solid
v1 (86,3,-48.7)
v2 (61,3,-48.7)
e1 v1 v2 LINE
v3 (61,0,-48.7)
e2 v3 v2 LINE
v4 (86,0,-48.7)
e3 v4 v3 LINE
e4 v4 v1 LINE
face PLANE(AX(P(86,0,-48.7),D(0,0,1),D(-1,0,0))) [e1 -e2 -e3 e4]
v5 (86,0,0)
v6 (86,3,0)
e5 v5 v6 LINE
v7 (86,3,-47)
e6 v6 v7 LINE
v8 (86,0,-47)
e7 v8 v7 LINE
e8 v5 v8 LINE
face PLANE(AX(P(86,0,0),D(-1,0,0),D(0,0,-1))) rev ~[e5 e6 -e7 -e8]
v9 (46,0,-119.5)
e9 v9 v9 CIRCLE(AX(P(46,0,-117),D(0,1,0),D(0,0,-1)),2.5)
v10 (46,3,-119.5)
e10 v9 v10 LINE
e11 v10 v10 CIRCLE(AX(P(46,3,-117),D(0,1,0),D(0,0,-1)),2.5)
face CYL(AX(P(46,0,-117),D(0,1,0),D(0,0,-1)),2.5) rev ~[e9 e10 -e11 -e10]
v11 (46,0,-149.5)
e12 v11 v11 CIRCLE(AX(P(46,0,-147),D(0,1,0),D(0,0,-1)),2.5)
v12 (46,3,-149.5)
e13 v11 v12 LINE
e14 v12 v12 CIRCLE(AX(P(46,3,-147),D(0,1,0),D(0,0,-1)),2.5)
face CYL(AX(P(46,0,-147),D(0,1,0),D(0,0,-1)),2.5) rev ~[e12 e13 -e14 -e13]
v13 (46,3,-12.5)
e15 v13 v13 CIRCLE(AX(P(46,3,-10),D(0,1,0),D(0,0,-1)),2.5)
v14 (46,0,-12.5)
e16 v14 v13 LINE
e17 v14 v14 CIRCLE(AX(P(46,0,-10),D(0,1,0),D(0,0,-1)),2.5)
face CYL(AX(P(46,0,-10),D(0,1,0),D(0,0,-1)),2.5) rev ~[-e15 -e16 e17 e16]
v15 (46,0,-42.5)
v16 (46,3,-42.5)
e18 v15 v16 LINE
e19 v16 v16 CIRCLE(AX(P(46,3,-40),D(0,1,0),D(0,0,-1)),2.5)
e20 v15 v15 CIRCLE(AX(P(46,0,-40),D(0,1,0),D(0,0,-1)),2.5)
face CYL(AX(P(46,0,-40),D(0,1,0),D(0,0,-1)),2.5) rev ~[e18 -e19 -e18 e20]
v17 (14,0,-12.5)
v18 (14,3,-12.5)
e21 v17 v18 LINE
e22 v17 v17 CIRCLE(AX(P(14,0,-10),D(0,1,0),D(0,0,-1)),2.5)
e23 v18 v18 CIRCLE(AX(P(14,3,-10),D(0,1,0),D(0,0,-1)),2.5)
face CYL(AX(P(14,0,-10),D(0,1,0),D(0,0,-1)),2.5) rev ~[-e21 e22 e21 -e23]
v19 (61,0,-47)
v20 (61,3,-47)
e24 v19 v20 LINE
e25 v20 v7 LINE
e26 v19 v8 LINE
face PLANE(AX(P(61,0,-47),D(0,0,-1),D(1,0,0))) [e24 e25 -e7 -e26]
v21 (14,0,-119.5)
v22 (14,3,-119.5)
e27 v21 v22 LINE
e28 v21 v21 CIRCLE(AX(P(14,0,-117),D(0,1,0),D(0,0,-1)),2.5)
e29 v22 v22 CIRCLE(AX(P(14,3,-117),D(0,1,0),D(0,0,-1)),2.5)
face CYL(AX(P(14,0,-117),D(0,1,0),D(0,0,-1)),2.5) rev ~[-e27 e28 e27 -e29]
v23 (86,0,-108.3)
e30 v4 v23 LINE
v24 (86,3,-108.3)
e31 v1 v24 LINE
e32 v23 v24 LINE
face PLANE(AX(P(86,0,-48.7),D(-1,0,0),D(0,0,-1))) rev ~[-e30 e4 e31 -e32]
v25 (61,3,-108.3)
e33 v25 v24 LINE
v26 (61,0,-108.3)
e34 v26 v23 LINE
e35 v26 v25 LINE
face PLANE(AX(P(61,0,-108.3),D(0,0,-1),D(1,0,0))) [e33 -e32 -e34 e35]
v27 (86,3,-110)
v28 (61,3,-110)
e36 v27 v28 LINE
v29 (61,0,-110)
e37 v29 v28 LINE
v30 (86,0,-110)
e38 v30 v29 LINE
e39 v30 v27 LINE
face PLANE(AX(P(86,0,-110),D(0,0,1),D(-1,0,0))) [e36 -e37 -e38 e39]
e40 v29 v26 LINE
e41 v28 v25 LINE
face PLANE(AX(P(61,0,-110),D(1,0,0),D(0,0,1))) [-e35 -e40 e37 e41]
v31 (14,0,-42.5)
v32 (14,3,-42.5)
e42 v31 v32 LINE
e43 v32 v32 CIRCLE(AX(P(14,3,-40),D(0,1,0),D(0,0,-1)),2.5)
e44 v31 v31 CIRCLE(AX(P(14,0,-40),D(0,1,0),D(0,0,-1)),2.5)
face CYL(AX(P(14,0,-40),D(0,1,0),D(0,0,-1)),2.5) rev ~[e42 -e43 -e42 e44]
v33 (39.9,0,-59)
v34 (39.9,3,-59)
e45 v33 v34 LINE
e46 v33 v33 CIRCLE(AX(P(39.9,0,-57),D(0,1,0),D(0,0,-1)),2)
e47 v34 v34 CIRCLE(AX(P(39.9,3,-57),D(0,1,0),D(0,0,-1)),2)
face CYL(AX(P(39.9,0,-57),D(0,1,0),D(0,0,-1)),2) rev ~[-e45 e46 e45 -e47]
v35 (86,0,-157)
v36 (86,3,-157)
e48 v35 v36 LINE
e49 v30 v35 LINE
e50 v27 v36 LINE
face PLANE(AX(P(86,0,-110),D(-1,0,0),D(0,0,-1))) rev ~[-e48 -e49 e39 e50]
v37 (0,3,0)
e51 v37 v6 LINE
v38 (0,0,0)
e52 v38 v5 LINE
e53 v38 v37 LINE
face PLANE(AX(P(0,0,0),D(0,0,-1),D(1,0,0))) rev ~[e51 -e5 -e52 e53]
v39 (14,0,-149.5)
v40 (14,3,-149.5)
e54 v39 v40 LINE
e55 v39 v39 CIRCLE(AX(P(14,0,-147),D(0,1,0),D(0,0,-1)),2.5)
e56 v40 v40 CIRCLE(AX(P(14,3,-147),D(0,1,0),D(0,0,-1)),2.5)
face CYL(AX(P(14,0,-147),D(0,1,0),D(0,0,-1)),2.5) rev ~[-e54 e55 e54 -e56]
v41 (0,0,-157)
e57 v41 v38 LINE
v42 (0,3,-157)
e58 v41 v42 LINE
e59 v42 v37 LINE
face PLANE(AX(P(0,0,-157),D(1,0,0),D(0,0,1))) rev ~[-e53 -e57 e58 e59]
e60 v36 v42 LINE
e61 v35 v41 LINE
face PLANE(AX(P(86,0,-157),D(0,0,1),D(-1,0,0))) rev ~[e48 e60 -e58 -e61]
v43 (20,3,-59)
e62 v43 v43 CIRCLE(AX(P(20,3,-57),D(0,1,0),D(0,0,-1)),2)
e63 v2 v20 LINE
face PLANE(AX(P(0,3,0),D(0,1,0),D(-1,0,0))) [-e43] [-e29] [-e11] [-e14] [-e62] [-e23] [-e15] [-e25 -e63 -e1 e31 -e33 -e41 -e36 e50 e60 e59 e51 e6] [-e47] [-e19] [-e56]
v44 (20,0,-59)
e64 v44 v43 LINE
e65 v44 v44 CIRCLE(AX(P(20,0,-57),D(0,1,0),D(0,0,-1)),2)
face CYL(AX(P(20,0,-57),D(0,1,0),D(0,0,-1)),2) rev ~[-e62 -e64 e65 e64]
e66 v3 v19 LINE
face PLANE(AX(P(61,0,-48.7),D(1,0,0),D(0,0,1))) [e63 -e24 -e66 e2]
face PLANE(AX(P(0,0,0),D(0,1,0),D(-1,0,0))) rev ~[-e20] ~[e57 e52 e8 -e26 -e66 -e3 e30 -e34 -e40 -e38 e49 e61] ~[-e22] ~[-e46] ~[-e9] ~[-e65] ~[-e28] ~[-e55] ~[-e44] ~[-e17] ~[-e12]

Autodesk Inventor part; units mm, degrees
ref_plane "YZ Plane" through (0, 0, 0) normal (1, 0, 0) x (0, 1, 0)
ref_plane "XZ Plane" through (0, 0, 0) normal (0, 1, 0) x (-1, 0, 0)
ref_plane "XY Plane" through (0, 0, 0) normal (0, 0, 1) x (1, 0, 0)
sketch "Sketch1" plane through (0, 0, 0) normal (0, 1, 0) x (-1, 0, 0)
  line L0 (0, 0) -> (-86, 0)
  line L1 (-86, 0) -> (-86, -157)
  line L2 (-86, -157) -> (0, -157)
  line L3 (0, -157) -> (0, 0)
  line L4 (-14, -40) -> (-46, -40) construction
  line L5 (-46, -40) -> (-46, -10) construction
  line L6 (-46, -10) -> (-14, -10) construction
  line L7 (-14, -10) -> (-14, -40) construction
  line L8 (-14, -147) -> (-46, -147) construction
  line L9 (-46, -147) -> (-46, -117) construction
  line L10 (-46, -117) -> (-14, -117) construction
  line L11 (-14, -117) -> (-14, -147) construction
  line L12 (-86, -110) -> (-61, -110)
  line L13 (-61, -110) -> (-61, -108.3)
  line L14 (-61, -108.3) -> (-86, -108.3)
  line L15 (-86, -48.7) -> (-61, -48.7)
  line L16 (-61, -48.7) -> (-61, -47)
  line L17 (-61, -47) -> (-86, -47)
  line L18 (-20, -57) -> (-39.9, -57) construction
  dimension "d0" = 86
  dimension "d1" = 157
  dimension "d2" = 32
  dimension "d3" = 30
  dimension "d4" = 14
  dimension "d5" = 10
  dimension "d6" = 32
  dimension "d7" = 30
  dimension "d8" = 10
  dimension "d9" = 14
  dimension "d10" = 1.7
  dimension "d11" = 1.7
  dimension "d13" = 47
  dimension "d15" = 25
  dimension "d16" = 47
  dimension "d26" = 19.9
  dimension "d27" = 20
  dimension "d28" = 57
extrude "Extrusion1" add sketch "Sketch1" along normal blind 3 contours L3 L2 L1 L12 L13 L14 L15 L16 L17 L0
hole "Hole1" at (14, 0, -40) at (46, 0, -40) at (46, 0, -10) at (14, 0, -10) at (14, 0, -147) at (46, 0, -117) at (14, 0, -117) at (46, 0, -147) direction (0, 1, 0) diameter 5 end through all
hole "Hole2" at (20, 0, -57) at (39.9, 0, -57) direction (0, 1, 0) diameter 4 end through all
properties part number "X Axis Base Plate Accurate_3DPrint"
